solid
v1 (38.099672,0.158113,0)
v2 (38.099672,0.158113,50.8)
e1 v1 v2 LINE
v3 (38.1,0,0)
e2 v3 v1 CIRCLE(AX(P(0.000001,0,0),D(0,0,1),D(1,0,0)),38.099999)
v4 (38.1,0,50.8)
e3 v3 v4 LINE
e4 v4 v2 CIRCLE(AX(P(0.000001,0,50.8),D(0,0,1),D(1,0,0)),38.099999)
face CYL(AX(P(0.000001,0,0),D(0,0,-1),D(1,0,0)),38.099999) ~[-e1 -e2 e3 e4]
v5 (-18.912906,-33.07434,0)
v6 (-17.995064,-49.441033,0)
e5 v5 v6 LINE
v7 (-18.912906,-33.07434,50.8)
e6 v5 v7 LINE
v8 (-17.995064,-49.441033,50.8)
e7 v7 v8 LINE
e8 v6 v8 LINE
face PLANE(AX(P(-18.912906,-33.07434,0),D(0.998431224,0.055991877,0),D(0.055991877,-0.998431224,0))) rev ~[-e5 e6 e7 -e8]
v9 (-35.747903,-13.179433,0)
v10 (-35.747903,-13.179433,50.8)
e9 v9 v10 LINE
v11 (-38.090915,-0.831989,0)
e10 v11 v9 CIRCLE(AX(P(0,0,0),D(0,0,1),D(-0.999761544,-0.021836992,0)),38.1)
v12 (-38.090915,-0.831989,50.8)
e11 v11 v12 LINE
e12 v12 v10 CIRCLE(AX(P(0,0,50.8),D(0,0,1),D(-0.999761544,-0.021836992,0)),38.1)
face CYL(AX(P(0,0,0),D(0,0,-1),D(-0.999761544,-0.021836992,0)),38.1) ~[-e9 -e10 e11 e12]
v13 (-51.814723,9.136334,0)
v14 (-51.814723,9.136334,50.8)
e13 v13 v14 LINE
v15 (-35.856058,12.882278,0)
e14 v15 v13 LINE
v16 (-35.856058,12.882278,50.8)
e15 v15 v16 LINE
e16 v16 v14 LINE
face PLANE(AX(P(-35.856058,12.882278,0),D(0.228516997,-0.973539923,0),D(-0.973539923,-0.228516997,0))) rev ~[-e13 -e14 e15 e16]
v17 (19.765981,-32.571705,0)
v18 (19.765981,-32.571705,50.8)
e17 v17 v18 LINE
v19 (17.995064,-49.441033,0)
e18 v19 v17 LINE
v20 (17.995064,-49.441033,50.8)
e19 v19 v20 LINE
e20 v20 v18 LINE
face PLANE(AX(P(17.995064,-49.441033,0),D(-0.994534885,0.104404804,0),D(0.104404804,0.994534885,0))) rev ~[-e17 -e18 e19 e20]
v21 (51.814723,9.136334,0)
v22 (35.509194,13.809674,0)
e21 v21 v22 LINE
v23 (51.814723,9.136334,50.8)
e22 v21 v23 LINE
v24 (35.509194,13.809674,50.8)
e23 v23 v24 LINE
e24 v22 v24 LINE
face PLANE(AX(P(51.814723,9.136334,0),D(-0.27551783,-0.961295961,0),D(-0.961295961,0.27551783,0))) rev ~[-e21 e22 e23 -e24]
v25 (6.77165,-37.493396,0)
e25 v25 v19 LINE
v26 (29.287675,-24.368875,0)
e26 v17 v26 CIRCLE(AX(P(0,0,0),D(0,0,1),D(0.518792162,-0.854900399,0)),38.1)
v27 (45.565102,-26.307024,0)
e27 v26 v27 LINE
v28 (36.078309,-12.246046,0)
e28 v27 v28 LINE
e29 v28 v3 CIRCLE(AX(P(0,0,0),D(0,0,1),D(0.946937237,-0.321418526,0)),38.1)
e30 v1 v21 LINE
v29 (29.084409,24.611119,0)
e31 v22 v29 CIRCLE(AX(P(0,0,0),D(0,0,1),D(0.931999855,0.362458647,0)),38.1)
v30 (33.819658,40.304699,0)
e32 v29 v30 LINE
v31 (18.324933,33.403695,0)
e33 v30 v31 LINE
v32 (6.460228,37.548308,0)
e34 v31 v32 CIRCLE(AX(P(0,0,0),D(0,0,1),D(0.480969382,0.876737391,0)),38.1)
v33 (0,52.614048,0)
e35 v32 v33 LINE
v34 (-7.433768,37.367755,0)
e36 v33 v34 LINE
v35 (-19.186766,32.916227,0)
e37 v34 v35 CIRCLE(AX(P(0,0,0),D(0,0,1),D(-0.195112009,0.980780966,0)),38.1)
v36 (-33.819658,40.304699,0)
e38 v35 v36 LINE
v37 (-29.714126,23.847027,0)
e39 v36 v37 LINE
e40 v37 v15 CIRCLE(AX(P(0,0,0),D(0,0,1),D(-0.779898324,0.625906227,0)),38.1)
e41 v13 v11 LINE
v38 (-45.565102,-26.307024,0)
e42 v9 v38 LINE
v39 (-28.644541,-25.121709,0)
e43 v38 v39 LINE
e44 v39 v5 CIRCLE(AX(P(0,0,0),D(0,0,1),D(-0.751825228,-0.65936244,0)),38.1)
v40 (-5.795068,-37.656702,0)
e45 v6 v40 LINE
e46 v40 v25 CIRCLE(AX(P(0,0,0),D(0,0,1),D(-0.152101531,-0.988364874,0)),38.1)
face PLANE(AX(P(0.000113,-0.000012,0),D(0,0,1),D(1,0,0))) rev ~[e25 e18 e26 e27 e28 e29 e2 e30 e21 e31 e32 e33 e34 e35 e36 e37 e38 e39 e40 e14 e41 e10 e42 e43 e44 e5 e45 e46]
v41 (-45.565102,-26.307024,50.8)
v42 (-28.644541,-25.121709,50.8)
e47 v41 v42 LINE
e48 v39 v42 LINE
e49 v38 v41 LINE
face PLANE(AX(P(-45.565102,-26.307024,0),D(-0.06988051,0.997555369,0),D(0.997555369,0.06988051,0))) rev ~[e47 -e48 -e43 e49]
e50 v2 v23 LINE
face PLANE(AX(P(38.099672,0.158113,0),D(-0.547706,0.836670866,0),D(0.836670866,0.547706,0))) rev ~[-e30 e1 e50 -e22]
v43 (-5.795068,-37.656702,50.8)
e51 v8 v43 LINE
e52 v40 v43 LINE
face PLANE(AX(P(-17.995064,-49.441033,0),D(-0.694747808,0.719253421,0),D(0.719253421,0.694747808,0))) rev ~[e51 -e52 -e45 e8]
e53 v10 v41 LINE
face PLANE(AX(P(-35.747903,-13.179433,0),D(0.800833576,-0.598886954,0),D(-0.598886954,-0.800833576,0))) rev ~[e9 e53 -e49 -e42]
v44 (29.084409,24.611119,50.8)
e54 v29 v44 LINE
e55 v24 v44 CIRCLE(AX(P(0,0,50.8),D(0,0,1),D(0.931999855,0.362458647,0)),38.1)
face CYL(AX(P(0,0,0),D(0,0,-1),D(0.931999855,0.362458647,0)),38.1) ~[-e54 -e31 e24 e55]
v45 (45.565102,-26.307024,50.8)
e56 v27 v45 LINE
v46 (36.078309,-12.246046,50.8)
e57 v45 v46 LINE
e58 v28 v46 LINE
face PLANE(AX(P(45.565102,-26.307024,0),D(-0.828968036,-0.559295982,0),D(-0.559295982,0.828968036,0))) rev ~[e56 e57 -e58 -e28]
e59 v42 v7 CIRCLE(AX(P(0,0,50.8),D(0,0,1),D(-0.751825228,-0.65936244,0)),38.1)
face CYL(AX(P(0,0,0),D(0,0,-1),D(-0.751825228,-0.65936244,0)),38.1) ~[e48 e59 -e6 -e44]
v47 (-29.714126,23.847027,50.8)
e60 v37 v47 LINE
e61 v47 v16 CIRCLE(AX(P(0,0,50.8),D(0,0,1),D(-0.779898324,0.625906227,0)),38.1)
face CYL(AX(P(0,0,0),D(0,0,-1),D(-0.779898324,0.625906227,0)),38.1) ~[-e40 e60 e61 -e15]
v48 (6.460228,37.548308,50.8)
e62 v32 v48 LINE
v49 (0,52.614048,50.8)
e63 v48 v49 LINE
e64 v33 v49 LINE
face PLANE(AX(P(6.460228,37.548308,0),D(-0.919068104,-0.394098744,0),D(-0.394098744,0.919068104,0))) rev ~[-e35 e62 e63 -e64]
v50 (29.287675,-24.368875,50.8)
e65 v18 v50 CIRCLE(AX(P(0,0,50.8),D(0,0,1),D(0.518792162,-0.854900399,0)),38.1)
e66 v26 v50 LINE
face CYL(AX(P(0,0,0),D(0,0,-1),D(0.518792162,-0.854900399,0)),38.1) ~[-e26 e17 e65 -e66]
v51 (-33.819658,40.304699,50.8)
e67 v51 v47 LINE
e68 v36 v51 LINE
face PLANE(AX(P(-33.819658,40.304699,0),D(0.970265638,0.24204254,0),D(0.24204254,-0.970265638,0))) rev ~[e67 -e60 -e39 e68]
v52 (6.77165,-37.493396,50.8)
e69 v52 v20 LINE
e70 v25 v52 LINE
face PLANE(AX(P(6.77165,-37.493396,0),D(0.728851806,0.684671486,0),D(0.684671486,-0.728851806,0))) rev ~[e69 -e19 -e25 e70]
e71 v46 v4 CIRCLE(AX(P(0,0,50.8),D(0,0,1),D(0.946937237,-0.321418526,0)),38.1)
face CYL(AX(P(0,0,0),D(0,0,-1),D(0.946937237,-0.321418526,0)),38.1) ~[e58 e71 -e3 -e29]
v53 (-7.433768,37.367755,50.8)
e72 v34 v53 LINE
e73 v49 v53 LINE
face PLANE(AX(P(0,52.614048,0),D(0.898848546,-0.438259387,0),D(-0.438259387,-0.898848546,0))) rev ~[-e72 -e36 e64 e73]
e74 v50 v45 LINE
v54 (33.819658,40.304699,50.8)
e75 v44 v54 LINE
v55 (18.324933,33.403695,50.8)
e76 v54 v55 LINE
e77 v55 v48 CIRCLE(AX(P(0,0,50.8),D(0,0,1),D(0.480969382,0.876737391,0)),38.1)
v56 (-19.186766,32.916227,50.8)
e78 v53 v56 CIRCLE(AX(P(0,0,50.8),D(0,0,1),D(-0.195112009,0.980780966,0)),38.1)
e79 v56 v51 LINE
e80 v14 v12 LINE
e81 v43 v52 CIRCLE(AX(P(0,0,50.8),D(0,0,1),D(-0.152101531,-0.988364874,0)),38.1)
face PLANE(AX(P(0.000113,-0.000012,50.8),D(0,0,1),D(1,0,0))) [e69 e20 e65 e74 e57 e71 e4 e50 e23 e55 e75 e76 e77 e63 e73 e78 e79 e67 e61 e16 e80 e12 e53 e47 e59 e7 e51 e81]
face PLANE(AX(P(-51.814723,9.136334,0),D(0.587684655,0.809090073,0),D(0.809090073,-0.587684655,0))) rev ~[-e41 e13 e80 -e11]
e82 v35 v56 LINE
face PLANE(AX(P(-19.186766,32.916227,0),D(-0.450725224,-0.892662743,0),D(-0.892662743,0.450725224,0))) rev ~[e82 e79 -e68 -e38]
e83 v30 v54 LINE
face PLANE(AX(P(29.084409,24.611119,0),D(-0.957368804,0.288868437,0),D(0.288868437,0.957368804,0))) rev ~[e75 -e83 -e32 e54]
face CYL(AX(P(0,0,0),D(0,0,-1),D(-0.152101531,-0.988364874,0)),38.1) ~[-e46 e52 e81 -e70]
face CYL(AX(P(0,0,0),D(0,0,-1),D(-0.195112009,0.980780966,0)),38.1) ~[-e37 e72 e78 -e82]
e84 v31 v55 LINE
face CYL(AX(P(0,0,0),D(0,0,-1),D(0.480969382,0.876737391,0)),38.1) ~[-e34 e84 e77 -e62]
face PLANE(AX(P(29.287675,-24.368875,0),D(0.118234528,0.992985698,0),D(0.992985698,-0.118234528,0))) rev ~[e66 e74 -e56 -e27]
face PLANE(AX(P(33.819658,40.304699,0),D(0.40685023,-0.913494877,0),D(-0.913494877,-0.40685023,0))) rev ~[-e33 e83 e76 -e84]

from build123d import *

# Parameters (mm, degrees)
F1_DEPTH = 50.8


with BuildPart() as f1:
    # F0 (on Top) → F1 (new body)
    with BuildSketch(Plane.XY):
        with BuildLine():
            ThreePointArc((36.0783087311, -12.2460458558), (37.5911795682, -6.2059019225), (38.1, 0))
            ThreePointArc((38.1, 0), (38.0999179794, 0.0790567189), (38.0996719179, 0.1581130974))
            Line((38.0996719179, 0.1581130974), (35.5091944644, 13.8096744528))
            ThreePointArc((35.5091944644, 13.8096744528), (32.7452469176, 19.4771354235), (29.0844088174, 24.6111187016))
            Line((29.0844088174, 24.6111187016), (18.324933467, 33.4036946075))
            ThreePointArc((18.324933467, 33.4036946075), (12.5646531174, 35.9685903538), (6.460227594, 37.5483083432))
            Line((6.460227594, 37.5483083432), (-7.4337675585, 37.3677548146))
            ThreePointArc((-7.4337675585, 37.3677548146), (-13.495081517, 35.6299421112), (-19.186765918, 32.916227208))
            Line((-19.186765918, 32.916227208), (-29.7141261263, 23.8470272477))
            ThreePointArc((-29.7141261263, 23.8470272477), (-33.2403175285, 18.6196479721), (-35.8560584198, 12.8822775391))
            Line((-35.8560584198, 12.8822775391), (-38.0909148438, -0.8319893987))
            ThreePointArc((-38.0909148438, -0.8319893987), (-37.4320395434, -7.1029863875), (-35.7479026913, -13.1794329609))
            Line((-35.7479026913, -13.1794329609), (-28.6445411726, -25.1217089588))
            ThreePointArc((-28.6445411726, -25.1217089588), (-24.1088942452, -29.5020544755), (-18.9129059999, -33.0743403054))
            Line((-18.9129059999, -33.0743403054), (-5.7950683381, -37.6567017005))
            ThreePointArc((-5.7950683381, -37.6567017005), (0.4950706109, -38.0967833956), (6.7716496024, -37.4933962407))
            Line((6.7716496024, -37.4933962407), (19.7659813769, -32.5717052088))
            ThreePointArc((19.7659813769, -32.5717052088), (24.867386426, -28.8656039663), (29.2876750973, -24.3688753823))
            Line((29.2876750973, -24.3688753823), (36.0783087311, -12.2460458558))
        make_face()
        with BuildLine():
            Line((35.5091944644, 13.8096744528), (38.0996719179, 0.1581130974))
            ThreePointArc((38.0996719179, 0.1581130974), (37.4320395434, 7.1029863875), (35.5091944644, 13.8096744528))
        make_face()
        with BuildLine():
            ThreePointArc((35.5091944644, 13.8096744528), (37.4320395434, 7.1029863875), (38.0996719179, 0.1581130974))
            Line((38.0996719179, 0.1581130974), (51.8147225092, 9.1363335763))
            Line((51.8147225092, 9.1363335763), (35.5091944644, 13.8096744528))
        make_face()
        with BuildLine():
            Line((45.5651022708, -26.3070240617), (36.0783087311, -12.2460458558))
            ThreePointArc((36.0783087311, -12.2460458558), (33.2403175285, -18.6196479721), (29.2876750973, -24.3688753823))
            Line((29.2876750973, -24.3688753823), (45.5651022708, -26.3070240617))
        make_face()
        with BuildLine():
            ThreePointArc((29.2876750973, -24.3688753823), (33.2403175285, -18.6196479721), (36.0783087311, -12.2460458558))
            Line((36.0783087311, -12.2460458558), (29.2876750973, -24.3688753823))
        make_face()
        with BuildLine():
            Line((18.324933467, 33.4036946075), (29.0844088174, 24.6111187016))
            ThreePointArc((29.0844088174, 24.6111187016), (24.1088942452, 29.5020544755), (18.324933467, 33.4036946075))
        make_face()
        with BuildLine():
            ThreePointArc((18.324933467, 33.4036946075), (24.1088942452, 29.5020544755), (29.0844088174, 24.6111187016))
            Line((29.0844088174, 24.6111187016), (33.8196582291, 40.3046991949))
            Line((33.8196582291, 40.3046991949), (18.324933467, 33.4036946075))
        make_face()
        with BuildLine():
            Line((17.9950642801, -49.4410327712), (19.7659813769, -32.5717052088))
            ThreePointArc((19.7659813769, -32.5717052088), (13.495081517, -35.6299421112), (6.7716496024, -37.4933962407))
            Line((6.7716496024, -37.4933962407), (17.9950642801, -49.4410327712))
        make_face()
        with BuildLine():
            ThreePointArc((6.7716496024, -37.4933962407), (13.495081517, -35.6299421112), (19.7659813769, -32.5717052088))
            Line((19.7659813769, -32.5717052088), (6.7716496024, -37.4933962407))
        make_face()
        with BuildLine():
            Line((-7.4337675585, 37.3677548146), (6.460227594, 37.5483083432))
            ThreePointArc((6.460227594, 37.5483083432), (-0.4950706109, 38.0967833956), (-7.4337675585, 37.3677548146))
        make_face()
        with BuildLine():
            ThreePointArc((-7.4337675585, 37.3677548146), (-0.4950706109, 38.0967833956), (6.460227594, 37.5483083432))
            Line((6.460227594, 37.5483083432), (0, 52.6140481234))
            Line((0, 52.6140481234), (-7.4337675585, 37.3677548146))
        make_face()
        with BuildLine():
            Line((-17.9950642801, -49.4410327712), (-5.7950683381, -37.6567017005))
            ThreePointArc((-5.7950683381, -37.6567017005), (-12.5646531174, -35.9685903538), (-18.9129059999, -33.0743403054))
            Line((-18.9129059999, -33.0743403054), (-17.9950642801, -49.4410327712))
        make_face()
        with BuildLine():
            ThreePointArc((-18.9129059999, -33.0743403054), (-12.5646531174, -35.9685903538), (-5.7950683381, -37.6567017005))
            Line((-5.7950683381, -37.6567017005), (-18.9129059999, -33.0743403054))
        make_face()
        with BuildLine():
            Line((-29.7141261263, 23.8470272477), (-19.186765918, 32.916227208))
            ThreePointArc((-19.186765918, 32.916227208), (-24.867386426, 28.8656039663), (-29.7141261263, 23.8470272477))
        make_face()
        with BuildLine():
            ThreePointArc((-29.7141261263, 23.8470272477), (-24.867386426, 28.8656039663), (-19.186765918, 32.916227208))
            Line((-19.186765918, 32.916227208), (-33.8196582291, 40.3046991949))
            Line((-33.8196582291, 40.3046991949), (-29.7141261263, 23.8470272477))
        make_face()
        with BuildLine():
            Line((-45.5651022708, -26.3070240617), (-28.6445411726, -25.1217089588))
            ThreePointArc((-28.6445411726, -25.1217089588), (-32.7452469176, -19.4771354235), (-35.7479026913, -13.1794329609))
            Line((-35.7479026913, -13.1794329609), (-45.5651022708, -26.3070240617))
        make_face()
        with BuildLine():
            ThreePointArc((-35.7479026913, -13.1794329609), (-32.7452469176, -19.4771354235), (-28.6445411726, -25.1217089588))
            Line((-28.6445411726, -25.1217089588), (-35.7479026913, -13.1794329609))
        make_face()
        with BuildLine():
            Line((-38.0909148438, -0.8319893987), (-35.8560584198, 12.8822775391))
            ThreePointArc((-35.8560584198, 12.8822775391), (-37.6039757622, 6.1278876357), (-38.0909148438, -0.8319893987))
        make_face()
        with BuildLine():
            ThreePointArc((-38.0909148438, -0.8319893987), (-37.6039757622, 6.1278876357), (-35.8560584198, 12.8822775391))
            Line((-35.8560584198, 12.8822775391), (-51.8147225092, 9.1363335763))
            Line((-51.8147225092, 9.1363335763), (-38.0909148438, -0.8319893987))
        make_face()
    extrude(amount=F1_DEPTH)


solid = f1.part
